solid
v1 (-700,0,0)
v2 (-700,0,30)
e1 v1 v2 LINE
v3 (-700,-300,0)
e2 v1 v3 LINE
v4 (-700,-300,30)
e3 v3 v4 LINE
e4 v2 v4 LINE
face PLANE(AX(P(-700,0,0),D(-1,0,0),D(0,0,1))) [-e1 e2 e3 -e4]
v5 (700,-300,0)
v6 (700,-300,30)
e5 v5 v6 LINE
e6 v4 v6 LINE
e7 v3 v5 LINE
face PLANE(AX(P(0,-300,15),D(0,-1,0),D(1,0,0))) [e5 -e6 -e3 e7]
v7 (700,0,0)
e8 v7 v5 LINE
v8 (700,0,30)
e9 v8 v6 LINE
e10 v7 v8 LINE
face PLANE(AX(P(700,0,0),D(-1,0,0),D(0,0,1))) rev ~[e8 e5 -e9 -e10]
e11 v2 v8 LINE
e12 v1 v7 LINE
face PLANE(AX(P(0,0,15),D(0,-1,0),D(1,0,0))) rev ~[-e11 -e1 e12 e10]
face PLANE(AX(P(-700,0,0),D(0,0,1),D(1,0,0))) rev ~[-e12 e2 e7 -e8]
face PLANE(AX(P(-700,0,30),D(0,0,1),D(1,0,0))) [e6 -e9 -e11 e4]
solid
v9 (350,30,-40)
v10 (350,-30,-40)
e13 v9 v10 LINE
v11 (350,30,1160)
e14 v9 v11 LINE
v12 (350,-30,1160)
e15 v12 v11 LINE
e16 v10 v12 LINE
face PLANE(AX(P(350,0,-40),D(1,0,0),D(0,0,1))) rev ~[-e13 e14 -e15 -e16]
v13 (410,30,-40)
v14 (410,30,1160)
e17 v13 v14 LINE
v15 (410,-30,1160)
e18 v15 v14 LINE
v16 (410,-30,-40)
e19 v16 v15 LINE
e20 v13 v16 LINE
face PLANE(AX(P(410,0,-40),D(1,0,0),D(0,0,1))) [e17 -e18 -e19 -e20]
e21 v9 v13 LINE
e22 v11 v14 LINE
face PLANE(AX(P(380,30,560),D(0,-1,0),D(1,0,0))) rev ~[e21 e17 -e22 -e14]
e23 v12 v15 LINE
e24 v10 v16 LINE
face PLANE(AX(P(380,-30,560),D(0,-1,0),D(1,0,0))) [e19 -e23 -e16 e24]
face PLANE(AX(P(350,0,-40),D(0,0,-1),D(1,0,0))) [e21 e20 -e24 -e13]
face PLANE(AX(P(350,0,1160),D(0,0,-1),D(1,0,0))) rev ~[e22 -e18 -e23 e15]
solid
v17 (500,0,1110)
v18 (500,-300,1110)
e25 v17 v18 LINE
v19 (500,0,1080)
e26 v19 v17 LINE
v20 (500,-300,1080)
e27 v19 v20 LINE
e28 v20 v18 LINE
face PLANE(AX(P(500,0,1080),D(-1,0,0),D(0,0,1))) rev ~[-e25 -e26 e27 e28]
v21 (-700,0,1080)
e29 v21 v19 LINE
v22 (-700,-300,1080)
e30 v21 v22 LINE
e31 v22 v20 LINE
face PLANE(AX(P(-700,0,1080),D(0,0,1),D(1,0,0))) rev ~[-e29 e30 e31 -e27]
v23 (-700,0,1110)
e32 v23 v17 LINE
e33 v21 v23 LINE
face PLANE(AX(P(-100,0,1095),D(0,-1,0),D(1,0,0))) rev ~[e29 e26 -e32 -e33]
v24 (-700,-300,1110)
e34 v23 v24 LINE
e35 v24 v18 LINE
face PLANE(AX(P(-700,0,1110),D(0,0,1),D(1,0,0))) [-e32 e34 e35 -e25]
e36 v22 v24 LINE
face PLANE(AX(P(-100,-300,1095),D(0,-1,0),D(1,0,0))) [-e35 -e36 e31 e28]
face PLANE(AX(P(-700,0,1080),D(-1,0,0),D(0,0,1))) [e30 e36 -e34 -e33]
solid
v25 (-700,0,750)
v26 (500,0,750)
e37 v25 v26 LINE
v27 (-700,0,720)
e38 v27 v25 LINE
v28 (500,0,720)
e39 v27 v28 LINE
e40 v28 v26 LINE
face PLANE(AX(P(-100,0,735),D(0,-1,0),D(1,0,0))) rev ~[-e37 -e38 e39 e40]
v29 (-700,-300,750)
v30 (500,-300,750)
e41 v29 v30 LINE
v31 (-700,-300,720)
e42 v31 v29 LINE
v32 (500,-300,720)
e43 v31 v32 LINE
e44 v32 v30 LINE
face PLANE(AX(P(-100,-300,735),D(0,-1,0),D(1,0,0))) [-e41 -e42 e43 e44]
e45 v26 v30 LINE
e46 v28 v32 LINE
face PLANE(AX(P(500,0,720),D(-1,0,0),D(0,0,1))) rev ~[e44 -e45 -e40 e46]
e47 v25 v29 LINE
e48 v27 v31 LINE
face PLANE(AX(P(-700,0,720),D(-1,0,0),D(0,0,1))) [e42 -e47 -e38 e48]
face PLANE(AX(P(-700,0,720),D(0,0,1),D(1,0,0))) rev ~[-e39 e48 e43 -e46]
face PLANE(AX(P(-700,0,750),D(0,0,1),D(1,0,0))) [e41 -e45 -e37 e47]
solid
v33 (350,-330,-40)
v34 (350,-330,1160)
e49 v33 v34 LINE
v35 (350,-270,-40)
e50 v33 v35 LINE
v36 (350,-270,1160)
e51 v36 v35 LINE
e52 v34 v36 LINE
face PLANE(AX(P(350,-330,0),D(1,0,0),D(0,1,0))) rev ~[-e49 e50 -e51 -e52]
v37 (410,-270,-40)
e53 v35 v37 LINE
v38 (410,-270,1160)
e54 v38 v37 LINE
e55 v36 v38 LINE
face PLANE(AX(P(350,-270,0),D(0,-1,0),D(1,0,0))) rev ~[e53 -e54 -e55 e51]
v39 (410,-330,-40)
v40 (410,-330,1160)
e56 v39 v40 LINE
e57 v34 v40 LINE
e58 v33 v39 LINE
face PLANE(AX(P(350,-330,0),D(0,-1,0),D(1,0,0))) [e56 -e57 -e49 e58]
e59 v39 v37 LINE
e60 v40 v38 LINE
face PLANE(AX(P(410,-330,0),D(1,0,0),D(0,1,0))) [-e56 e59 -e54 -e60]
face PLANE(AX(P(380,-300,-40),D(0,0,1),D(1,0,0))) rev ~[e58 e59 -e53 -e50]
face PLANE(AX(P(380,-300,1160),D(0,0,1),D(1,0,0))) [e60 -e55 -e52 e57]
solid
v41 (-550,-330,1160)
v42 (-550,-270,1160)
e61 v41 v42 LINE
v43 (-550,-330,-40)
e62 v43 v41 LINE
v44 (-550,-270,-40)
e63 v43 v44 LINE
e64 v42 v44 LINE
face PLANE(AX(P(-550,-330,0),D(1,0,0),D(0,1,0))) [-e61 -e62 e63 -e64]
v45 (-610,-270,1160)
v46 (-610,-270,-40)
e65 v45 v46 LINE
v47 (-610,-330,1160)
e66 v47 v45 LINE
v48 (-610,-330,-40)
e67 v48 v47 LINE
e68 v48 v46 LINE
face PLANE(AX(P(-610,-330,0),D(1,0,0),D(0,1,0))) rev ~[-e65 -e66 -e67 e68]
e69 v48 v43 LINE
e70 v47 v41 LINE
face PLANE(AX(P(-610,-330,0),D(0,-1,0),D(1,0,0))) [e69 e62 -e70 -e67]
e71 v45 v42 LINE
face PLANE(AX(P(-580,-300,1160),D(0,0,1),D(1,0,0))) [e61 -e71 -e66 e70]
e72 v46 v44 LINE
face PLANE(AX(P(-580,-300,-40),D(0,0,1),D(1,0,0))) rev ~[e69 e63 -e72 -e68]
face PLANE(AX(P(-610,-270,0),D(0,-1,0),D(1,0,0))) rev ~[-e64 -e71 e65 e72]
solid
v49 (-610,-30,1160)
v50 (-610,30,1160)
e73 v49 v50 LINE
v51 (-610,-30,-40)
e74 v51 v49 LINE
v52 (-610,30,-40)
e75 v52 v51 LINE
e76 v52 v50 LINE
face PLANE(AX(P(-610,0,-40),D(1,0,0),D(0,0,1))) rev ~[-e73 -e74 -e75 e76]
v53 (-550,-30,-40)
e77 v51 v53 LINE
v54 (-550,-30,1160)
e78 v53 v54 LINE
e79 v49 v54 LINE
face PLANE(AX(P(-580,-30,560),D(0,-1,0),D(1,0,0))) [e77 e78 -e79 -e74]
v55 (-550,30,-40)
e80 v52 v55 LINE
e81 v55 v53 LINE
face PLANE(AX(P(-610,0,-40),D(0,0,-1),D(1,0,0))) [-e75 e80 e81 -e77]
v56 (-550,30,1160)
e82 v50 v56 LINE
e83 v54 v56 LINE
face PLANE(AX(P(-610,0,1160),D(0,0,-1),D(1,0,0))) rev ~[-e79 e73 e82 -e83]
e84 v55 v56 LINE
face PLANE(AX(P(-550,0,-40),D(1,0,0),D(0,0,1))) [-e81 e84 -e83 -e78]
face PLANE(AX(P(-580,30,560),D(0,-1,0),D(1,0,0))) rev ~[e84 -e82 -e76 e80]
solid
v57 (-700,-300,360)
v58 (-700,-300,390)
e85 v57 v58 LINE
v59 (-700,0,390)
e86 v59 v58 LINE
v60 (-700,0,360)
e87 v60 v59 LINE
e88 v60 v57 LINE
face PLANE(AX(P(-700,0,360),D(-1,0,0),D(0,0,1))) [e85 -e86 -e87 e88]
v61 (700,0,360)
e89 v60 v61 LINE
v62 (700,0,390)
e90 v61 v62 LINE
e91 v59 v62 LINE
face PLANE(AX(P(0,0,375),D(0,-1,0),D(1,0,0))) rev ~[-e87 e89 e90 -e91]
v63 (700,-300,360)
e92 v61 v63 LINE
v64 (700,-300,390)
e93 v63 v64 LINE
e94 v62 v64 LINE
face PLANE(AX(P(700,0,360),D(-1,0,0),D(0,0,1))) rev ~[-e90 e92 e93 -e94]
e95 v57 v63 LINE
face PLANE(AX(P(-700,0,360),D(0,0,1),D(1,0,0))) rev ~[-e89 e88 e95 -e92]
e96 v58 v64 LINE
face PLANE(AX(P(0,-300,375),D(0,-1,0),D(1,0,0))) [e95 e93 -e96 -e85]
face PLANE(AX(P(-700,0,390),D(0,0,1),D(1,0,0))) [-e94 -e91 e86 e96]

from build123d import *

# Parameters (mm, degrees)
F0_W           = 1400
F0_H           = 30
F6_DEPTH       = 300
F1_W           = 1400
F1_H           = 30
F2_W           = 1200
F2_H           = 30
F3_W           = 1200
F3_H           = 30
F7_DEPTH       = 300
F4_W           = 60
F4_H           = 1200
F8_DEPTH       = 30
F9_W           = 60
F9_H           = 60
F10_DEPTH      = 1160
F10_DEPTH_BACK = 40
F11_W          = 60
F11_H          = 60
F12_DEPTH      = 1160
F12_DEPTH_BACK = 40
F5_W           = 60
F5_H           = 1200
F13_DEPTH      = 30


with BuildPart() as f6:
    # F0 (on Front) → F6 (new body)
    with BuildSketch(Plane.XZ):
        with Locations((0, 15)):
            Rectangle(F0_W, F0_H)
    extrude(amount=F6_DEPTH)


with BuildPart() as f7:
    # F1 (on Front) + F2 (on Front) + F3 (on Front) → F7 (new body)
    with BuildSketch(Plane.XZ):
        with Locations((0, 375)):
            Rectangle(F1_W, F1_H)
    with BuildSketch(Plane.XZ):
        with Locations((-100, 735)):
            Rectangle(F2_W, F2_H)
    with BuildSketch(Plane.XZ):
        with Locations((-100, 1095)):
            Rectangle(F3_W, F3_H)
    extrude(amount=F7_DEPTH)


with BuildPart() as f8:
    # F4 (on Front) → F8 (new body, symmetric)
    with BuildSketch(Plane.XZ):
        with Locations((-580, 560)):
            Rectangle(F4_W, F4_H)
    extrude(amount=F8_DEPTH, both=True)


with BuildPart() as f10:
    # F9 (on Top) → F10 (new body, two sides)
    with BuildSketch(Plane.XY) as f10_sk:
        with Locations((-580, -300)):
            Rectangle(F9_W, F9_H)
    extrude(amount=F10_DEPTH)
    extrude(f10_sk.sketch, amount=-F10_DEPTH_BACK)


with BuildPart() as f12:
    # F11 (on Top) → F12 (new body, two sides)
    with BuildSketch(Plane.XY) as f12_sk:
        with Locations((380, -300)):
            Rectangle(F11_W, F11_H)
    extrude(amount=F12_DEPTH)
    extrude(f12_sk.sketch, amount=-F12_DEPTH_BACK)


with BuildPart() as f13:
    # F5 (on Front) → F13 (new body, symmetric)
    with BuildSketch(Plane.XZ):
        with Locations((380, 560)):
            Rectangle(F5_W, F5_H)
    extrude(amount=F13_DEPTH, both=True)


solid = Compound([f6.part, f7.part, f8.part, f10.part, f12.part, f13.part])
